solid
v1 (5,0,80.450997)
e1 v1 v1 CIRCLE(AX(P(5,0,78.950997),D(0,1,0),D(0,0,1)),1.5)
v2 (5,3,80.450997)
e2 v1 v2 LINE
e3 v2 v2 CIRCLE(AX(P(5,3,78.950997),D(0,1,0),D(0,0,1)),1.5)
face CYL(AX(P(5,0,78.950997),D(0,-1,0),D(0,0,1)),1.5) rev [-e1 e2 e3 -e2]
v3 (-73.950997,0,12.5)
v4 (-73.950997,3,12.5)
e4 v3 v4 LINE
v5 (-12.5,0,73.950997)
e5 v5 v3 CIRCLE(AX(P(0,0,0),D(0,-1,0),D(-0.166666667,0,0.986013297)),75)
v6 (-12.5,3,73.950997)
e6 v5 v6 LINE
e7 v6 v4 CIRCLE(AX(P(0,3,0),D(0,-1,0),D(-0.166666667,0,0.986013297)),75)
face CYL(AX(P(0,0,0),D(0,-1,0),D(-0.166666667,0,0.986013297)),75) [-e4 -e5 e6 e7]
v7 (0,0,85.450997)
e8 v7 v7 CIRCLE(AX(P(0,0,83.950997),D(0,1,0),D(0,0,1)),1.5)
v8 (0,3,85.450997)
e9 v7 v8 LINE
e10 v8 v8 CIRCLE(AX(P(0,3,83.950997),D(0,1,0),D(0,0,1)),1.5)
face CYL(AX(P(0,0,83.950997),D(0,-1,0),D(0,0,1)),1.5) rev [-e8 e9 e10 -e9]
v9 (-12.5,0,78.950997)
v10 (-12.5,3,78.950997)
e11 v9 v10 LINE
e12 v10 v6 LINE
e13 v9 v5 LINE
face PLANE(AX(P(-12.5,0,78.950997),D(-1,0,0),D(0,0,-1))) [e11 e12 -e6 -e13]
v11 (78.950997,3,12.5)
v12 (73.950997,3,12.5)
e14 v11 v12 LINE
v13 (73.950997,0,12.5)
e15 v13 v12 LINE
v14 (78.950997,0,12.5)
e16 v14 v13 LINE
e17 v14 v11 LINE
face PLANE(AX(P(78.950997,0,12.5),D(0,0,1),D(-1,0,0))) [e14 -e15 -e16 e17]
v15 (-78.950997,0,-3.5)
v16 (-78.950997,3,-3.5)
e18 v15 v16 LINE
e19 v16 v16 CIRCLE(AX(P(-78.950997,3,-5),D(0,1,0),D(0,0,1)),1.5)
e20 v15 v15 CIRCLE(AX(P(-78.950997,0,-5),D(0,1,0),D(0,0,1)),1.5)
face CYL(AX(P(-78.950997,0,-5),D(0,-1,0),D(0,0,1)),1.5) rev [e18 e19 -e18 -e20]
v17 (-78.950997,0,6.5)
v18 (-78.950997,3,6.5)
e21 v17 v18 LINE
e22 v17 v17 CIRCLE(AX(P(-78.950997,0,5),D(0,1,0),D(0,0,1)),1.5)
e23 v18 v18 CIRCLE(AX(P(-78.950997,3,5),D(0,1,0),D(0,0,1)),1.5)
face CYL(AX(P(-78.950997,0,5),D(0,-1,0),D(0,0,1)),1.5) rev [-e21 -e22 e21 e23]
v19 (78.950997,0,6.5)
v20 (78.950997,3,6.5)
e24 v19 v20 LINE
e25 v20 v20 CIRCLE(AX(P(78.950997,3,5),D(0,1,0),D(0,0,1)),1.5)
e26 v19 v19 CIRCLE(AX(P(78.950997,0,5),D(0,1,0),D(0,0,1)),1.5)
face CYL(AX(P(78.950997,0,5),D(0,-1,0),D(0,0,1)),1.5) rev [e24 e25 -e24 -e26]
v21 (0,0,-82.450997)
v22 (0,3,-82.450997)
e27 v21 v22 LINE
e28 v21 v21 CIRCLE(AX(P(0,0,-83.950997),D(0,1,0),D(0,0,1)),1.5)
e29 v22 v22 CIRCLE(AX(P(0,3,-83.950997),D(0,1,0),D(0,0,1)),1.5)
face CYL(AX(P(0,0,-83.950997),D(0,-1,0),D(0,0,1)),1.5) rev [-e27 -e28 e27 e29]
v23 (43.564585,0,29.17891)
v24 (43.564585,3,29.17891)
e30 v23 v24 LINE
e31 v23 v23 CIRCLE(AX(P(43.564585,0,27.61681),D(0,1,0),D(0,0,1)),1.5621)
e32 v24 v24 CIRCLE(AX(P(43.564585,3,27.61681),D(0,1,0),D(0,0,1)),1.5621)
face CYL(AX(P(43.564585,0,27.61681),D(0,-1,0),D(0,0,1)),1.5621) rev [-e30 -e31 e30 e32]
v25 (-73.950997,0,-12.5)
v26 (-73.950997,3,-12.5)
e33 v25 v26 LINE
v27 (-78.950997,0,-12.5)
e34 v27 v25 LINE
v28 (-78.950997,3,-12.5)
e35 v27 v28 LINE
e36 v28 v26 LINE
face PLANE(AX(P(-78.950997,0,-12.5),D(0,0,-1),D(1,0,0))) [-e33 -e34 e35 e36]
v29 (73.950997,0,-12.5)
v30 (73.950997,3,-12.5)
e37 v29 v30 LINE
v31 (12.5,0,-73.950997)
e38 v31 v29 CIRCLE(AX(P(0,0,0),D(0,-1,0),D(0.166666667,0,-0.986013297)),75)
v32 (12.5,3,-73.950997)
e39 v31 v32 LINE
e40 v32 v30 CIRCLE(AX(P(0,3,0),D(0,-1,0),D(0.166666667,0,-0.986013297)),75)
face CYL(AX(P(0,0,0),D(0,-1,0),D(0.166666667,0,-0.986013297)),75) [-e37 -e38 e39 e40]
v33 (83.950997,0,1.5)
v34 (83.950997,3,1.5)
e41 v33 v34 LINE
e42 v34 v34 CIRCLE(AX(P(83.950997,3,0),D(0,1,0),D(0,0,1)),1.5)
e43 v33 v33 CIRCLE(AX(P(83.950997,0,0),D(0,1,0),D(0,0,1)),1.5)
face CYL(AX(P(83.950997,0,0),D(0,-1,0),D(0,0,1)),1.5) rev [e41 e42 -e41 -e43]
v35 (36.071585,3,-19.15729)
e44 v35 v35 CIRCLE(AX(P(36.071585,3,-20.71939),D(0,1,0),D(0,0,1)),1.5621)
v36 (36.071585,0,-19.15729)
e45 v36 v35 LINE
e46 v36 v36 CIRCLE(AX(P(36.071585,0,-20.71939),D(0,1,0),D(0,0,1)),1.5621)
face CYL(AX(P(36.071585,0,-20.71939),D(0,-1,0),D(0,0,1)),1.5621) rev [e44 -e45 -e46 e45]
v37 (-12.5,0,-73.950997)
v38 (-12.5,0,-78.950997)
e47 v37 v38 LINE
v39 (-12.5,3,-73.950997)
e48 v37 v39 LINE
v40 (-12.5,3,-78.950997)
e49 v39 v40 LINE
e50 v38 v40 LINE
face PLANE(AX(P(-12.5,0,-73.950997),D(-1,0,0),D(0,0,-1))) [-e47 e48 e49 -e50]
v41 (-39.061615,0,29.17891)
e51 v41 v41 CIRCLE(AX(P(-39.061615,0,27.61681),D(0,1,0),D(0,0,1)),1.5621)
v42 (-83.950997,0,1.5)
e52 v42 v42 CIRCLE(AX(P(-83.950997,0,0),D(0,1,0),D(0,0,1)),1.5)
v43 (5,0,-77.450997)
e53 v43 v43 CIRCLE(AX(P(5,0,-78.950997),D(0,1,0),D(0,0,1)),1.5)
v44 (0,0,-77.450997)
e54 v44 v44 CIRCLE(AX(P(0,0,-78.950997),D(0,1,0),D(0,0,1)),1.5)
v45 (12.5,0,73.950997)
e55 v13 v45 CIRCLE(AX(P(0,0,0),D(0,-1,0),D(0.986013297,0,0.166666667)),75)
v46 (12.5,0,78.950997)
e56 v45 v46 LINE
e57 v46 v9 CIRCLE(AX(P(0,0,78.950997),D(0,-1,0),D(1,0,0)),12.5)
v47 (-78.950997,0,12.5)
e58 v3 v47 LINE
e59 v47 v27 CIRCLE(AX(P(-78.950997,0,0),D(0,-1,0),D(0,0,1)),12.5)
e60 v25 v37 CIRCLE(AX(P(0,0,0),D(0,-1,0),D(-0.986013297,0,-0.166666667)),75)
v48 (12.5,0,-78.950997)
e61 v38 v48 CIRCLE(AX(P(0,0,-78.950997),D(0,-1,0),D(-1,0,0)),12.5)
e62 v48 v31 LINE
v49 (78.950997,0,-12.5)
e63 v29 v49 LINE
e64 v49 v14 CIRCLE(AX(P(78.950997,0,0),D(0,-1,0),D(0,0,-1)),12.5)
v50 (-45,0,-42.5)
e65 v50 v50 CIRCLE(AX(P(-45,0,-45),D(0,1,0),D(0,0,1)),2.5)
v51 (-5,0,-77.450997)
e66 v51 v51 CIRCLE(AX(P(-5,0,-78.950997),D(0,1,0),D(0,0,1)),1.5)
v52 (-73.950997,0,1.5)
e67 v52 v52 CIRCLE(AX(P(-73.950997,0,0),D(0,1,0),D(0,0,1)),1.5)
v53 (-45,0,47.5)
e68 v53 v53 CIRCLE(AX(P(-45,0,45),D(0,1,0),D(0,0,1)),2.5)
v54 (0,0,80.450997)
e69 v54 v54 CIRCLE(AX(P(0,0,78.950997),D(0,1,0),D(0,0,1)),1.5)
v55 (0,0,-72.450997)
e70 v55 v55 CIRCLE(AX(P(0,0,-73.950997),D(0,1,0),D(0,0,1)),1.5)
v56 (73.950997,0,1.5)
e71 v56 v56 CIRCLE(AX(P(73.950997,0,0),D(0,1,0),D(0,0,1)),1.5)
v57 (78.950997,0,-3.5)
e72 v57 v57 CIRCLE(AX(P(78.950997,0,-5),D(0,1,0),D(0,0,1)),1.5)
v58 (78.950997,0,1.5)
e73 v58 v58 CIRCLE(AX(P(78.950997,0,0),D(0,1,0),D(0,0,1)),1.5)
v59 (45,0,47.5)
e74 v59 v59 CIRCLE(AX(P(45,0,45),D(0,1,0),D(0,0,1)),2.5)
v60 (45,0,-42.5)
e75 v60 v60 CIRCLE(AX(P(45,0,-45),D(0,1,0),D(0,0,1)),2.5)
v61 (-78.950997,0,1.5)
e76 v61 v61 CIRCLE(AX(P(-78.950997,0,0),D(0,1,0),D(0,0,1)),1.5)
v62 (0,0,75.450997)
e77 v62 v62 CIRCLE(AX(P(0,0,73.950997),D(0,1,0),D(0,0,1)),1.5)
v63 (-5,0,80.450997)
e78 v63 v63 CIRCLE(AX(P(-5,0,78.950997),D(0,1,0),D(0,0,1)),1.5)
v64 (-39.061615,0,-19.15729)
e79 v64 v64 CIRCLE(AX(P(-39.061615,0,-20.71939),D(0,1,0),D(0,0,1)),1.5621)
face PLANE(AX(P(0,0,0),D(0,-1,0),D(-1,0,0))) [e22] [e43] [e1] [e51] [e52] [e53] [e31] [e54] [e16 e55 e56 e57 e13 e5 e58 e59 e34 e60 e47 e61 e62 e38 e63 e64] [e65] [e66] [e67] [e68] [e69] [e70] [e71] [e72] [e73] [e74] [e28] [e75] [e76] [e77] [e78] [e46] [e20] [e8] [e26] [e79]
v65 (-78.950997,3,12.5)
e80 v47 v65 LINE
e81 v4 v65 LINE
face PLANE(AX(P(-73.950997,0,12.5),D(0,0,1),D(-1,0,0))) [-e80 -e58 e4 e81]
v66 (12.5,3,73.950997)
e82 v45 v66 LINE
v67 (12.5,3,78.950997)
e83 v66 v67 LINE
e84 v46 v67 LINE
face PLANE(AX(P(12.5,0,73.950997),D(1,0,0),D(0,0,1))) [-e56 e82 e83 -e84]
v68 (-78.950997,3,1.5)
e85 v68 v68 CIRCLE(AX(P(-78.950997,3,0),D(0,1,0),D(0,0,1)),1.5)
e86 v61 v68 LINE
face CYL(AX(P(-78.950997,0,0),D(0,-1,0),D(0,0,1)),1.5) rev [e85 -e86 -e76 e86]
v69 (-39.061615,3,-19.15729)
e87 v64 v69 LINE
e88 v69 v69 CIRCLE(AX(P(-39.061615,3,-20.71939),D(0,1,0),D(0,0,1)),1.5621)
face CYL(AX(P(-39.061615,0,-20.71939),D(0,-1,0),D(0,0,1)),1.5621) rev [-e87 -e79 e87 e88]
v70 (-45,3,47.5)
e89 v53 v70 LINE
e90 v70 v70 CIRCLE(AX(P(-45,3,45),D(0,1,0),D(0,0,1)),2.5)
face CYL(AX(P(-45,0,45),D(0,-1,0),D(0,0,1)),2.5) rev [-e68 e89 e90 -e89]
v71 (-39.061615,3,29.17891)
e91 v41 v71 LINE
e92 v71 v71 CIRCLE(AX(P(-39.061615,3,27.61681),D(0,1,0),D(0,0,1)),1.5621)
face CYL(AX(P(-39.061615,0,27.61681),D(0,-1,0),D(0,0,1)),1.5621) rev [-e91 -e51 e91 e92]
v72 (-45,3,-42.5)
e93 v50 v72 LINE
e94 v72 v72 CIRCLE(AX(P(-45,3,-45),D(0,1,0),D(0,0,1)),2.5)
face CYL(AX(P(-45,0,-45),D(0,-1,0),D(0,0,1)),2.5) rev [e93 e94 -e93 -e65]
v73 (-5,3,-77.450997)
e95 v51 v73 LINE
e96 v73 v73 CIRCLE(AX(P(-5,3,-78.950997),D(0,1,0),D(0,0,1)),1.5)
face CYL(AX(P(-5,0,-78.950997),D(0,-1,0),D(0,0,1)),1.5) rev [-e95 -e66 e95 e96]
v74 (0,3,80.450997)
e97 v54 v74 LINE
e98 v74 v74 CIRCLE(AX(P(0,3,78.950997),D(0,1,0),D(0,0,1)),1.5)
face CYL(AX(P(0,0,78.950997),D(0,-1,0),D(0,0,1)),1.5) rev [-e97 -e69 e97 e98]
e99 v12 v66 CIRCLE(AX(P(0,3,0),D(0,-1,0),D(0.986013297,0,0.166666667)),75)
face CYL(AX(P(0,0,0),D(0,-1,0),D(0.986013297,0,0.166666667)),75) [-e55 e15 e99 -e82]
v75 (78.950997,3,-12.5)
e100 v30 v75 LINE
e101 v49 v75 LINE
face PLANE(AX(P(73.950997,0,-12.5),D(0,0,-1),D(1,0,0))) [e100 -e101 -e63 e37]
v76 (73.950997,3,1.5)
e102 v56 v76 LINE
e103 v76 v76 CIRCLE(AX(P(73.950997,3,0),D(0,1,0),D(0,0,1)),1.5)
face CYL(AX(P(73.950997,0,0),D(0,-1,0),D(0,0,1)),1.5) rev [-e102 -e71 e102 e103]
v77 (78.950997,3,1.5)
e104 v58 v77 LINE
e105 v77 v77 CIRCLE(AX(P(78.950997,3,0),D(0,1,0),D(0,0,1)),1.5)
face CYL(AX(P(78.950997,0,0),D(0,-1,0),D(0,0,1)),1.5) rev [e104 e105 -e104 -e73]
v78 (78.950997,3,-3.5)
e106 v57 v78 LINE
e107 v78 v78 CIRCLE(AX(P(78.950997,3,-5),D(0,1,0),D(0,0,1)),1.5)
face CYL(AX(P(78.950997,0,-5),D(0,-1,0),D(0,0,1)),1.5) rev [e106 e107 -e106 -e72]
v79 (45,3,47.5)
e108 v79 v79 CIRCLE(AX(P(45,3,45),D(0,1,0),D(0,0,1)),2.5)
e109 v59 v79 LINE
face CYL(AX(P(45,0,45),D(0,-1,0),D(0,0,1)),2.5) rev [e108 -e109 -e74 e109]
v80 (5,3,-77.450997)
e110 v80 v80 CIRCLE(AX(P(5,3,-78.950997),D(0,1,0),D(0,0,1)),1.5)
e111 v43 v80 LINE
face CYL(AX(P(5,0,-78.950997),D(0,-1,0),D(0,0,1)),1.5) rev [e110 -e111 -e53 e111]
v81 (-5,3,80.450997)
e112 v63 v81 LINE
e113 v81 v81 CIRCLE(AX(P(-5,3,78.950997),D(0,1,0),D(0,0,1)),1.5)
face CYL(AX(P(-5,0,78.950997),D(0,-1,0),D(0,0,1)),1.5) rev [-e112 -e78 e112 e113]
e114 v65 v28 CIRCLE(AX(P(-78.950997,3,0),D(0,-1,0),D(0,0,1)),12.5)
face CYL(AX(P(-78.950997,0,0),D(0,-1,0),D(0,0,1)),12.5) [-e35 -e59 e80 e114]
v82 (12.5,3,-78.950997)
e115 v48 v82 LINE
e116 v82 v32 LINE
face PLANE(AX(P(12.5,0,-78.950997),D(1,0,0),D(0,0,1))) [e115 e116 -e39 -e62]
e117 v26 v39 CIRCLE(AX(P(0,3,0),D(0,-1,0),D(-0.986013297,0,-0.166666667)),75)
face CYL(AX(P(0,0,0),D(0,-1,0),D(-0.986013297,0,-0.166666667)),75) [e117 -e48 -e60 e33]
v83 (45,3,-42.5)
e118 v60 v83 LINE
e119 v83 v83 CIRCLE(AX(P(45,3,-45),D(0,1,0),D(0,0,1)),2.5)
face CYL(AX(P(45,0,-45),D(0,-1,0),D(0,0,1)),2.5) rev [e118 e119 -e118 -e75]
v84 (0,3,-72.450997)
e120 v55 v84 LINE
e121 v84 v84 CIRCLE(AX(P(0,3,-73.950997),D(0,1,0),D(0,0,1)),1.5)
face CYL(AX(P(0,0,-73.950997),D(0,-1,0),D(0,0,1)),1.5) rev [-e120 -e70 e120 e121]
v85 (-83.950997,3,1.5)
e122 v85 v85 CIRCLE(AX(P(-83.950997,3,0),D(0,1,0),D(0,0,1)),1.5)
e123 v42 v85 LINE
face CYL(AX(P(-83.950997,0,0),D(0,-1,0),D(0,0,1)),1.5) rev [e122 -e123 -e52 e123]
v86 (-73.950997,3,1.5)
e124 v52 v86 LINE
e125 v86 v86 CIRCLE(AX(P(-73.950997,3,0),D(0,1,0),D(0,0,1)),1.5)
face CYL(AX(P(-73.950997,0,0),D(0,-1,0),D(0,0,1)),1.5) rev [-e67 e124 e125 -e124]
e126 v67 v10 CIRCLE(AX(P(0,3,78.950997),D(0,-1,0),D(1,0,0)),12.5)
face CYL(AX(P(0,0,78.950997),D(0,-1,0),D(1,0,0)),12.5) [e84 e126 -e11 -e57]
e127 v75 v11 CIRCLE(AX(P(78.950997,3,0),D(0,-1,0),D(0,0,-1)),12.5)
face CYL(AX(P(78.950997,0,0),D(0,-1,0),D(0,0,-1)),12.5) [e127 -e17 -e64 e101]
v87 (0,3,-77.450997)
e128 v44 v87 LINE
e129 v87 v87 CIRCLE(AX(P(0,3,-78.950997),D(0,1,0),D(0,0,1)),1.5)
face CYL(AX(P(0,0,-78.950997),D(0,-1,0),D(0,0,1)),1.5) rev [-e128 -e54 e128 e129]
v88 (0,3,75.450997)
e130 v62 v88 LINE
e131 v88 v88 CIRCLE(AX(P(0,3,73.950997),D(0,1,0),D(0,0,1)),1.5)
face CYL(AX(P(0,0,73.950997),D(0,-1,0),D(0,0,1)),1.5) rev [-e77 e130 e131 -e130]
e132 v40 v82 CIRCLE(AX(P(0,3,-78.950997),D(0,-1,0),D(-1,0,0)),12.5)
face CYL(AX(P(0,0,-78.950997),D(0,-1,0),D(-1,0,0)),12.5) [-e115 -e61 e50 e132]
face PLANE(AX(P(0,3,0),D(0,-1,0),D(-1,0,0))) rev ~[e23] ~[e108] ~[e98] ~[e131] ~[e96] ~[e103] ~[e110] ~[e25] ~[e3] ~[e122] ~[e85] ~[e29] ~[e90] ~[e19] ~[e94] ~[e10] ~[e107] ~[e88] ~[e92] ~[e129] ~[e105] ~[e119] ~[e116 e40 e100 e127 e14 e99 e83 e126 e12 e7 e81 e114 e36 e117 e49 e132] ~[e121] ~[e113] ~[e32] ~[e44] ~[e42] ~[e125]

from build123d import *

# Parameters (mm, degrees)
IZIM1_R                     = 1.5
IZIM1_R_2                   = 1.5621
IZIM1_R_3                   = 2.5
Y_KSEKLIK_EKSTR_ZYON1_DEPTH = 3


with BuildPart() as part:
    # Çizim1 → Yükseklik-Ekstrüzyon1 (new body)
    with BuildSketch(Plane(origin=(0, 0, 0), x_dir=(1, 0, 0), z_dir=(0, 1, 0))):
        with BuildLine():
            Line((-78.950997289, 12.5), (-73.950997289, 12.5))
            ThreePointArc((-73.950997289, 12.5), (-53.033008589, 53.033008589), (-12.5, 73.950997289))
            Line((-12.5, 73.950997289), (-12.5, 78.950997289))
            ThreePointArc((-12.5, 78.950997289), (0, 91.450997289), (12.5, 78.950997289))
            Line((12.5, 78.950997289), (12.5, 73.950997289))
            ThreePointArc((12.5, 73.950997289), (53.033008589, 53.033008589), (73.950997289, 12.5))
            Line((73.950997289, 12.5), (78.950997289, 12.5))
            ThreePointArc((78.950997289, 12.5), (91.450997289, 0), (78.950997289, -12.5))
            Line((78.950997289, -12.5), (73.950997289, -12.5))
            ThreePointArc((73.950997289, -12.5), (53.033008589, -53.033008589), (12.5, -73.950997289))
            Line((12.5, -73.950997289), (12.5, -78.950997289))
            ThreePointArc((12.5, -78.950997289), (0, -91.450997289), (-12.5, -78.950997289))
            Line((-12.5, -78.950997289), (-12.5, -73.950997289))
            ThreePointArc((-12.5, -73.950997289), (-53.033008589, -53.033008589), (-73.950997289, -12.5))
            Line((-73.950997289, -12.5), (-78.950997289, -12.5))
            ThreePointArc((-78.950997289, -12.5), (-91.450997289, 0), (-78.950997289, 12.5))
        make_face()
        with Locations(Location((-78.950997289, 0, 0), (0, 0, 270))):
            Circle(IZIM1_R, mode=Mode.SUBTRACT)
        with Locations(Location((-78.950997289, 5, 0), (0, 0, 270))):
            Circle(IZIM1_R, mode=Mode.SUBTRACT)
        with Locations(Location((-83.950997289, 0, 0), (0, 0, 270))):
            Circle(IZIM1_R, mode=Mode.SUBTRACT)
        with Locations(Location((-73.950997289, 0, 0), (0, 0, 270))):
            Circle(IZIM1_R, mode=Mode.SUBTRACT)
        with Locations(Location((-78.950997289, -5, 0), (0, 0, 270))):
            Circle(IZIM1_R, mode=Mode.SUBTRACT)
        with Locations(Location((36.071585404, 20.719390461, 0), (0, 0, 270))):
            Circle(IZIM1_R_2, mode=Mode.SUBTRACT)
        with Locations(Location((43.564585404, -27.616809539, 0), (0, 0, 270))):
            Circle(IZIM1_R_2, mode=Mode.SUBTRACT)
        with Locations(Location((-39.061614596, -27.616809539, 0), (0, 0, 270))):
            Circle(IZIM1_R_2, mode=Mode.SUBTRACT)
        with Locations(Location((-39.061614596, 20.719390461, 0), (0, 0, 270))):
            Circle(IZIM1_R_2, mode=Mode.SUBTRACT)
        with Locations(Location((-5, 78.950997289, 0), (0, 0, 270))):
            Circle(IZIM1_R, mode=Mode.SUBTRACT)
        with Locations(Location((0, 78.950997289, 0), (0, 0, 270))):
            Circle(IZIM1_R, mode=Mode.SUBTRACT)
        with Locations(Location((0, 83.950997289, 0), (0, 0, 270))):
            Circle(IZIM1_R, mode=Mode.SUBTRACT)
        with Locations(Location((5, 78.950997289, 0), (0, 0, 270))):
            Circle(IZIM1_R, mode=Mode.SUBTRACT)
        with Locations(Location((0, 73.950997289, 0), (0, 0, 270))):
            Circle(IZIM1_R, mode=Mode.SUBTRACT)
        with Locations(Location((78.950997289, 5, 0), (0, 0, 270))):
            Circle(IZIM1_R, mode=Mode.SUBTRACT)
        with Locations(Location((78.950997289, 0, 0), (0, 0, 270))):
            Circle(IZIM1_R, mode=Mode.SUBTRACT)
        with Locations(Location((83.950997289, 0, 0), (0, 0, 270))):
            Circle(IZIM1_R, mode=Mode.SUBTRACT)
        with Locations(Location((78.950997289, -5, 0), (0, 0, 270))):
            Circle(IZIM1_R, mode=Mode.SUBTRACT)
        with Locations(Location((73.950997289, 0, 0), (0, 0, 270))):
            Circle(IZIM1_R, mode=Mode.SUBTRACT)
        with Locations(Location((5, -78.950997289, 0), (0, 0, 270))):
            Circle(IZIM1_R, mode=Mode.SUBTRACT)
        with Locations(Location((0, -78.950997289, 0), (0, 0, 270))):
            Circle(IZIM1_R, mode=Mode.SUBTRACT)
        with Locations(Location((0, -83.950997289, 0), (0, 0, 270))):
            Circle(IZIM1_R, mode=Mode.SUBTRACT)
        with Locations(Location((-5, -78.950997289, 0), (0, 0, 270))):
            Circle(IZIM1_R, mode=Mode.SUBTRACT)
        with Locations(Location((0, -73.950997289, 0), (0, 0, 270))):
            Circle(IZIM1_R, mode=Mode.SUBTRACT)
        with Locations(Location((45, 45, 0), (0, 0, 270))):
            Circle(IZIM1_R_3, mode=Mode.SUBTRACT)
        with Locations(Location((45, -45, 0), (0, 0, 270))):
            Circle(IZIM1_R_3, mode=Mode.SUBTRACT)
        with Locations(Location((-45, -45, 0), (0, 0, 270))):
            Circle(IZIM1_R_3, mode=Mode.SUBTRACT)
        with Locations(Location((-45, 45, 0), (0, 0, 270))):
            Circle(IZIM1_R_3, mode=Mode.SUBTRACT)
    extrude(amount=Y_KSEKLIK_EKSTR_ZYON1_DEPTH)


solid = part.part
